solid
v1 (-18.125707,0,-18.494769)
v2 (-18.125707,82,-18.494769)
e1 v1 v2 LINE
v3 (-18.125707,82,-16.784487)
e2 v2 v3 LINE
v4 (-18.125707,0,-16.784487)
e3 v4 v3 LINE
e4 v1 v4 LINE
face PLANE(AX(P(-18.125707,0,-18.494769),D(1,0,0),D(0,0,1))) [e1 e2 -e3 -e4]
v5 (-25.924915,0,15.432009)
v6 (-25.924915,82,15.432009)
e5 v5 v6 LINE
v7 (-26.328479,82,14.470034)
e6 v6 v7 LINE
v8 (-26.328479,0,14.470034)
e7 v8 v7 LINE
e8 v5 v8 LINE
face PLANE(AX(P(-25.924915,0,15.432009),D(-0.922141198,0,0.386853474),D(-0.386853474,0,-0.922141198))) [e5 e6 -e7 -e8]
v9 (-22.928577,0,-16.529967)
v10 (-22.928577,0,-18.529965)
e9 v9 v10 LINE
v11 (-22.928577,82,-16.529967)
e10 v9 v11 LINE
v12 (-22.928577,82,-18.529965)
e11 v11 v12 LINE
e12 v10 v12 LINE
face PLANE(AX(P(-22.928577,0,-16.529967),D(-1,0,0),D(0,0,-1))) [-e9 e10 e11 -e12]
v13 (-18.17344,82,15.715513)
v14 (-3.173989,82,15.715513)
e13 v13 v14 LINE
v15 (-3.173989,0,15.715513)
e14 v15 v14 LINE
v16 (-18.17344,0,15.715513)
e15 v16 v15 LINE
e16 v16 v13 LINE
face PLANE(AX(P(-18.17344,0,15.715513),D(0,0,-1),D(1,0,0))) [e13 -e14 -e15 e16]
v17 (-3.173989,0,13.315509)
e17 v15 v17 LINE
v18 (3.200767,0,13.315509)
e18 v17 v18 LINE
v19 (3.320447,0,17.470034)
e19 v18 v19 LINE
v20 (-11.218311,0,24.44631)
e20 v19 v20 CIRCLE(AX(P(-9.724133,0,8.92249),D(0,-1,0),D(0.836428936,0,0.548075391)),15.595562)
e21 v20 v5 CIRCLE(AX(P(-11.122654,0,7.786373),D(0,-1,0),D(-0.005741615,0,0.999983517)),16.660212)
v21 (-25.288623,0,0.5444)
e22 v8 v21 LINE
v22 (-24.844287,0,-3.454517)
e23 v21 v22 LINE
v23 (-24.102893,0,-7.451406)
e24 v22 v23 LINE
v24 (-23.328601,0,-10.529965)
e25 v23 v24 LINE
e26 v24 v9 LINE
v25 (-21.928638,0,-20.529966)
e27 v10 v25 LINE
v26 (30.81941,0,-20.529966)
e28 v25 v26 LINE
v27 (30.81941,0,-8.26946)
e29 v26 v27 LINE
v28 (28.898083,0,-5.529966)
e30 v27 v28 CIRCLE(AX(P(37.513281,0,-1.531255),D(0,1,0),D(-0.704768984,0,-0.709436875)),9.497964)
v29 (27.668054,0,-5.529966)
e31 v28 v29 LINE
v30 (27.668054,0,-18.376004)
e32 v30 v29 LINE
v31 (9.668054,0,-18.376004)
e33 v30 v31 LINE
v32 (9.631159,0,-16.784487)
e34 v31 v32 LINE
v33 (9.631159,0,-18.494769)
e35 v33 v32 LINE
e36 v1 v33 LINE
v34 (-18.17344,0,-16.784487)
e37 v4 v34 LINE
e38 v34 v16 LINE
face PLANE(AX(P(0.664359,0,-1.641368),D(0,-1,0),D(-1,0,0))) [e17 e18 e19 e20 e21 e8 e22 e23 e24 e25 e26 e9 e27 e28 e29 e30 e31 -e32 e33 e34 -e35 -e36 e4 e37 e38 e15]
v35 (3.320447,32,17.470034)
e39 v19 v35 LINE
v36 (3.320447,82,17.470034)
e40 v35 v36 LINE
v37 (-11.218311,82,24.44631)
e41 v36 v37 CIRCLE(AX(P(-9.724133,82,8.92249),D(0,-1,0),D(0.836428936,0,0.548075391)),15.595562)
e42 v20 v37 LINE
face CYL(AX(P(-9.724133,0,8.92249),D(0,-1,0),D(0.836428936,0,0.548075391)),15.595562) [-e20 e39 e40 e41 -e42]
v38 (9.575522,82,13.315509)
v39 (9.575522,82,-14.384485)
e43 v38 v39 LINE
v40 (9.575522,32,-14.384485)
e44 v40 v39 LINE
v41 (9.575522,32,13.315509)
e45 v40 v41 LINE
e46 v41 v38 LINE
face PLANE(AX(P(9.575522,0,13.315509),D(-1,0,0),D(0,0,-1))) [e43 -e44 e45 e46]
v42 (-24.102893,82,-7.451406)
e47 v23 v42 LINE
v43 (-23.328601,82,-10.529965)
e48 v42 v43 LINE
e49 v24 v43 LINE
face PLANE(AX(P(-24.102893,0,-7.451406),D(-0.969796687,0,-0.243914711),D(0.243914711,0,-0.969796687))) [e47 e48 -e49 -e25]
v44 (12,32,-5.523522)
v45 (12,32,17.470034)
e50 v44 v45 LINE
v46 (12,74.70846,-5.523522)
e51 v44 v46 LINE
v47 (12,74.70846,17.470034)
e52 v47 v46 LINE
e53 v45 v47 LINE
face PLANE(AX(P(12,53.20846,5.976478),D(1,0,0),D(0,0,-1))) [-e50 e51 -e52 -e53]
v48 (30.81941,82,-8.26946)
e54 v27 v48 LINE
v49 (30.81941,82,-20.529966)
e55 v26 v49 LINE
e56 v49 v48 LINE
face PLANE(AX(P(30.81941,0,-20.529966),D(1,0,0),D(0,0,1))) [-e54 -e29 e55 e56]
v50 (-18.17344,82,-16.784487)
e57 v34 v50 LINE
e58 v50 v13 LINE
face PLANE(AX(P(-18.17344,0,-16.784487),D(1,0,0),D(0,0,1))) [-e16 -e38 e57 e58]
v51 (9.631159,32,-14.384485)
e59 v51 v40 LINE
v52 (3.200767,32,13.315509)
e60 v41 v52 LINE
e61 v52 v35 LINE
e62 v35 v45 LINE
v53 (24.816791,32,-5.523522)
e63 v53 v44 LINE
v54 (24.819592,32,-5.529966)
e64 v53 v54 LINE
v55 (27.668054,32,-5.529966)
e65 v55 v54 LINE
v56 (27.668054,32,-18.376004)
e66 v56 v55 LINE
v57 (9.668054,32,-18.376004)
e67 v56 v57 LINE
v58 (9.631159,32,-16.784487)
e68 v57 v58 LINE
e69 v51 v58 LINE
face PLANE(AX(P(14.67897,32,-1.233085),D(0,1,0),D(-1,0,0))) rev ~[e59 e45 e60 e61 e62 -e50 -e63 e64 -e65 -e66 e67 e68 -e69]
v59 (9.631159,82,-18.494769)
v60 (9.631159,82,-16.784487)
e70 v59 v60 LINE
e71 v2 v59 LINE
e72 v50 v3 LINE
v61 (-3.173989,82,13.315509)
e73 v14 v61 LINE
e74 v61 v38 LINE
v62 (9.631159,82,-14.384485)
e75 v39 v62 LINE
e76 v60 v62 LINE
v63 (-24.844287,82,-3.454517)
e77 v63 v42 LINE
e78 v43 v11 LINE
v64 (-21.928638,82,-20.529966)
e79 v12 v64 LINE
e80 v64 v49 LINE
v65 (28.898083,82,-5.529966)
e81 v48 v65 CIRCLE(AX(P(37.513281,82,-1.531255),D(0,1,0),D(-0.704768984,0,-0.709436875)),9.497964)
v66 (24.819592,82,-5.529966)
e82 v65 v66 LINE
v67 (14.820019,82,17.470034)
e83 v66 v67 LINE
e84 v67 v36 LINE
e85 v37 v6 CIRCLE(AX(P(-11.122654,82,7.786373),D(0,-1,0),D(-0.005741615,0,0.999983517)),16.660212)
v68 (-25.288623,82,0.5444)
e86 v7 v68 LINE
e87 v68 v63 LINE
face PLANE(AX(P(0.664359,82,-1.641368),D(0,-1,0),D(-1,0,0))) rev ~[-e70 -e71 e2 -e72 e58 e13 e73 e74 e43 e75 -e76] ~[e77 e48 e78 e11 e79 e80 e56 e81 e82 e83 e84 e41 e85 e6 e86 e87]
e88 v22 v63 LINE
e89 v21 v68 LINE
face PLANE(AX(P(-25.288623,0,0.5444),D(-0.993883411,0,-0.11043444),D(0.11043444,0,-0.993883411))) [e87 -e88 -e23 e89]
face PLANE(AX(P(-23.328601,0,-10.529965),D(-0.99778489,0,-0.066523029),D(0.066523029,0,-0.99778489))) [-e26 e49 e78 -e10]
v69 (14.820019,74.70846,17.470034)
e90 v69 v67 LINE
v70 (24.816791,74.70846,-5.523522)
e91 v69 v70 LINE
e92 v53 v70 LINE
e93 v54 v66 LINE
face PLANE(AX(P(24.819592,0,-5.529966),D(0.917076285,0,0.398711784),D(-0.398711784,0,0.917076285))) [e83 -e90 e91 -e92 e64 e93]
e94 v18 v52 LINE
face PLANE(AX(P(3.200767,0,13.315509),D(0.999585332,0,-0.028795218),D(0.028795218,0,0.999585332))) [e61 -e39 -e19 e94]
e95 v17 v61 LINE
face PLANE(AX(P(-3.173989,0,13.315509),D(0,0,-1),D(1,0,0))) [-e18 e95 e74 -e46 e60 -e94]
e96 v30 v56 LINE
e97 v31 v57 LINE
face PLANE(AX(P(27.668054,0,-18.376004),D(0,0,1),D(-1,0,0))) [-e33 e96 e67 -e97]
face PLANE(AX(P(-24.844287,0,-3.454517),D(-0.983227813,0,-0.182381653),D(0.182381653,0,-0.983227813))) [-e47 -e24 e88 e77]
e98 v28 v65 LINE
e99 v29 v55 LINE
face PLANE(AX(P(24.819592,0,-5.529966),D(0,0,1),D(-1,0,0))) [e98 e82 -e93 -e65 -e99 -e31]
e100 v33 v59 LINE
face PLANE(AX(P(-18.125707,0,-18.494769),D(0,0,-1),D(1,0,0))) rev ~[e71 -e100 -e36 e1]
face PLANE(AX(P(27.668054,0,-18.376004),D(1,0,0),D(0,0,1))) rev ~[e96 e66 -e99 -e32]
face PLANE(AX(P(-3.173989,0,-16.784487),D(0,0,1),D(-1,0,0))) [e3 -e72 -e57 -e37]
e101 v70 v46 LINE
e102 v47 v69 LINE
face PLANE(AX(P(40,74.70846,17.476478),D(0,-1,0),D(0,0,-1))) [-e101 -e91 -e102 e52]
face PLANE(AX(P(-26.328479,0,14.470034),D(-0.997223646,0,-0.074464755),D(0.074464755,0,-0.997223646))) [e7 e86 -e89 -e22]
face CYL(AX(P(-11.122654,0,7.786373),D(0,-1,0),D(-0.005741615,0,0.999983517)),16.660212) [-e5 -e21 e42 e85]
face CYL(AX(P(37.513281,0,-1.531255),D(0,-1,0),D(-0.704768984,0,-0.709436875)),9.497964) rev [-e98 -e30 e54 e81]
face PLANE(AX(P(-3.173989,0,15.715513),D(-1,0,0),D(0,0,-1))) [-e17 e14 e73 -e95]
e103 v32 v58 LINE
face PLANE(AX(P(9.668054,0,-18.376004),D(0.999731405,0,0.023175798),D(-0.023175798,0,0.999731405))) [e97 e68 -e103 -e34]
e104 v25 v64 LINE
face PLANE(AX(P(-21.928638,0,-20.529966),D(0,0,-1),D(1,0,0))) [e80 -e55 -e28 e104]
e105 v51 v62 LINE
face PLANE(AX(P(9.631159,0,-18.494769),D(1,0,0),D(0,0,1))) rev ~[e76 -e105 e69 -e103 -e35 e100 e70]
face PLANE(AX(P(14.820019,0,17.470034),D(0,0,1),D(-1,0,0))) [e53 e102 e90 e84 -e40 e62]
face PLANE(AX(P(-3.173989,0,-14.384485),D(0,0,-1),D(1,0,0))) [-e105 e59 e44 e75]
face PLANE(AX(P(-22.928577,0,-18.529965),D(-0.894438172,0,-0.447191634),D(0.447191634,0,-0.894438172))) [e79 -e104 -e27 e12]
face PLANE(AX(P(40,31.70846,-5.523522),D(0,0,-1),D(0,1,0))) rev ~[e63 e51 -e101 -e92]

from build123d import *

# Parameters (mm, degrees)
BOSS_EXTRUDE1_DEPTH = 82
CUT_EXTRUDE1_DEPTH  = 105
SKETCH3_W           = 23
SKETCH3_H           = 43
CUT_EXTRUDE2_DEPTH  = 28
CUT_EXTRUDE3_DEPTH  = 32
CUT_EXTRUDE4_DEPTH  = 32
SKETCH7_W           = 12.805148614
SKETCH7_H           = 2.400001526
CUT_EXTRUDE5_DEPTH  = 89
SKETCH8_W           = 27.756866021
SKETCH8_H           = 1.710281704
CUT_EXTRUDE6_DEPTH  = 89


with BuildPart() as part:
    # Sketch1 → Boss-Extrude1 (new body)
    with BuildSketch(Plane(origin=(0, 0, 0), x_dir=(1, 0, 0), z_dir=(0, 1, 0))):
        with BuildLine():
            Line((-21.9286378, 20.529965557), (30.819410356, 20.529965557))
            Line((30.819410356, 20.529965557), (30.819410356, 8.269460429))
            ThreePointArc((30.819410356, 8.269460429), (29.737157279, 6.984989328), (28.898083391, 5.52996605))
            Line((28.898083391, 5.52996605), (24.81959218, 5.52996605))
            Line((24.81959218, 5.52996605), (14.820019426, -17.47003395))
            Line((14.820019426, -17.47003395), (3.320446672, -17.47003395))
            ThreePointArc((3.320446672, -17.47003395), (-2.977277813, -22.983126936), (-11.218310652, -24.446310348))
            ThreePointArc((-11.218310652, -24.446310348), (-19.829053504, -21.990642561), (-25.924914656, -15.432009048))
            Line((-25.924914656, -15.432009048), (-26.328479109, -14.47003395))
            Line((-26.328479109, -14.47003395), (-25.288623152, -0.544399566))
            Line((-25.288623152, -0.544399566), (-24.844287214, 3.45451706))
            Line((-24.844287214, 3.45451706), (-24.102893172, 7.451406174))
            Line((-24.102893172, 7.451406174), (-23.328601179, 10.529965096))
            Line((-23.328601179, 10.529965096), (-22.928576765, 16.529967242))
            Line((-22.928576765, 16.529967242), (-22.928576765, 18.529964858))
            Line((-22.928576765, 18.529964858), (-21.9286378, 20.529965557))
        make_face()
    extrude(amount=BOSS_EXTRUDE1_DEPTH)

    # Sketch2 → Cut-Extrude1 (cut)
    with BuildSketch(Plane.XZ):
        Polygon((-18.173439963, -16.784486826), (-18.173439963, 15.715513413), (-3.173989279, 15.715513413), (-3.173989279, 13.315508549), (9.57552244, 13.315508549), (9.57552244, -14.3844853), (-3.173989279, -14.3844853), (-3.173989279, -16.784486826), align=None)
    extrude(amount=-CUT_EXTRUDE1_DEPTH, mode=Mode.SUBTRACT)

    # Sketch3 → Cut-Extrude2 (cut)
    with BuildSketch(Plane(origin=(40, 0, 0), x_dir=(0, 0, -1), z_dir=(1, 0, 0))):
        with Locations((-5.976477548, 53.208460465)):
            Rectangle(SKETCH3_W, SKETCH3_H)
    extrude(amount=-CUT_EXTRUDE2_DEPTH, mode=Mode.SUBTRACT)

    # Sketch5 → Cut-Extrude3 (cut)
    with BuildSketch(Plane.XZ):
        Polygon((14.820019426, 17.47003395), (24.81959218, -5.52996605), (14.820019426, -5.52996605), align=None)
    extrude(amount=-CUT_EXTRUDE3_DEPTH, mode=Mode.SUBTRACT)

    # Sketch6 → Cut-Extrude4 (cut)
    with BuildSketch(Plane.XZ):
        Polygon((27.668053931, -5.521484947), (27.668053931, -9.376004197), (27.668053931, -18.376004197), (9.668053931, -18.376004197), (9.57552244, -14.3844853), (9.57552244, 13.315508549), (3.20076658, 13.315508549), (3.320446672, 17.47003395), (14.820019426, 17.47003395), (14.820019426, -5.52996605), align=None)
    extrude(amount=-CUT_EXTRUDE4_DEPTH, mode=Mode.SUBTRACT)

    # Sketch7 → Cut-Extrude5 (cut)
    with BuildSketch(Plane.XZ):
        with Locations((3.228585028, -15.584486063)):
            Rectangle(SKETCH7_W, SKETCH7_H)
    extrude(amount=-CUT_EXTRUDE5_DEPTH, mode=Mode.SUBTRACT)

    # Sketch8 → Cut-Extrude6 (cut)
    with BuildSketch(Plane.XZ):
        with Locations((-4.247273675, -17.639627678)):
            Rectangle(SKETCH8_W, SKETCH8_H)
    extrude(amount=-CUT_EXTRUDE6_DEPTH, mode=Mode.SUBTRACT)


solid = part.part
